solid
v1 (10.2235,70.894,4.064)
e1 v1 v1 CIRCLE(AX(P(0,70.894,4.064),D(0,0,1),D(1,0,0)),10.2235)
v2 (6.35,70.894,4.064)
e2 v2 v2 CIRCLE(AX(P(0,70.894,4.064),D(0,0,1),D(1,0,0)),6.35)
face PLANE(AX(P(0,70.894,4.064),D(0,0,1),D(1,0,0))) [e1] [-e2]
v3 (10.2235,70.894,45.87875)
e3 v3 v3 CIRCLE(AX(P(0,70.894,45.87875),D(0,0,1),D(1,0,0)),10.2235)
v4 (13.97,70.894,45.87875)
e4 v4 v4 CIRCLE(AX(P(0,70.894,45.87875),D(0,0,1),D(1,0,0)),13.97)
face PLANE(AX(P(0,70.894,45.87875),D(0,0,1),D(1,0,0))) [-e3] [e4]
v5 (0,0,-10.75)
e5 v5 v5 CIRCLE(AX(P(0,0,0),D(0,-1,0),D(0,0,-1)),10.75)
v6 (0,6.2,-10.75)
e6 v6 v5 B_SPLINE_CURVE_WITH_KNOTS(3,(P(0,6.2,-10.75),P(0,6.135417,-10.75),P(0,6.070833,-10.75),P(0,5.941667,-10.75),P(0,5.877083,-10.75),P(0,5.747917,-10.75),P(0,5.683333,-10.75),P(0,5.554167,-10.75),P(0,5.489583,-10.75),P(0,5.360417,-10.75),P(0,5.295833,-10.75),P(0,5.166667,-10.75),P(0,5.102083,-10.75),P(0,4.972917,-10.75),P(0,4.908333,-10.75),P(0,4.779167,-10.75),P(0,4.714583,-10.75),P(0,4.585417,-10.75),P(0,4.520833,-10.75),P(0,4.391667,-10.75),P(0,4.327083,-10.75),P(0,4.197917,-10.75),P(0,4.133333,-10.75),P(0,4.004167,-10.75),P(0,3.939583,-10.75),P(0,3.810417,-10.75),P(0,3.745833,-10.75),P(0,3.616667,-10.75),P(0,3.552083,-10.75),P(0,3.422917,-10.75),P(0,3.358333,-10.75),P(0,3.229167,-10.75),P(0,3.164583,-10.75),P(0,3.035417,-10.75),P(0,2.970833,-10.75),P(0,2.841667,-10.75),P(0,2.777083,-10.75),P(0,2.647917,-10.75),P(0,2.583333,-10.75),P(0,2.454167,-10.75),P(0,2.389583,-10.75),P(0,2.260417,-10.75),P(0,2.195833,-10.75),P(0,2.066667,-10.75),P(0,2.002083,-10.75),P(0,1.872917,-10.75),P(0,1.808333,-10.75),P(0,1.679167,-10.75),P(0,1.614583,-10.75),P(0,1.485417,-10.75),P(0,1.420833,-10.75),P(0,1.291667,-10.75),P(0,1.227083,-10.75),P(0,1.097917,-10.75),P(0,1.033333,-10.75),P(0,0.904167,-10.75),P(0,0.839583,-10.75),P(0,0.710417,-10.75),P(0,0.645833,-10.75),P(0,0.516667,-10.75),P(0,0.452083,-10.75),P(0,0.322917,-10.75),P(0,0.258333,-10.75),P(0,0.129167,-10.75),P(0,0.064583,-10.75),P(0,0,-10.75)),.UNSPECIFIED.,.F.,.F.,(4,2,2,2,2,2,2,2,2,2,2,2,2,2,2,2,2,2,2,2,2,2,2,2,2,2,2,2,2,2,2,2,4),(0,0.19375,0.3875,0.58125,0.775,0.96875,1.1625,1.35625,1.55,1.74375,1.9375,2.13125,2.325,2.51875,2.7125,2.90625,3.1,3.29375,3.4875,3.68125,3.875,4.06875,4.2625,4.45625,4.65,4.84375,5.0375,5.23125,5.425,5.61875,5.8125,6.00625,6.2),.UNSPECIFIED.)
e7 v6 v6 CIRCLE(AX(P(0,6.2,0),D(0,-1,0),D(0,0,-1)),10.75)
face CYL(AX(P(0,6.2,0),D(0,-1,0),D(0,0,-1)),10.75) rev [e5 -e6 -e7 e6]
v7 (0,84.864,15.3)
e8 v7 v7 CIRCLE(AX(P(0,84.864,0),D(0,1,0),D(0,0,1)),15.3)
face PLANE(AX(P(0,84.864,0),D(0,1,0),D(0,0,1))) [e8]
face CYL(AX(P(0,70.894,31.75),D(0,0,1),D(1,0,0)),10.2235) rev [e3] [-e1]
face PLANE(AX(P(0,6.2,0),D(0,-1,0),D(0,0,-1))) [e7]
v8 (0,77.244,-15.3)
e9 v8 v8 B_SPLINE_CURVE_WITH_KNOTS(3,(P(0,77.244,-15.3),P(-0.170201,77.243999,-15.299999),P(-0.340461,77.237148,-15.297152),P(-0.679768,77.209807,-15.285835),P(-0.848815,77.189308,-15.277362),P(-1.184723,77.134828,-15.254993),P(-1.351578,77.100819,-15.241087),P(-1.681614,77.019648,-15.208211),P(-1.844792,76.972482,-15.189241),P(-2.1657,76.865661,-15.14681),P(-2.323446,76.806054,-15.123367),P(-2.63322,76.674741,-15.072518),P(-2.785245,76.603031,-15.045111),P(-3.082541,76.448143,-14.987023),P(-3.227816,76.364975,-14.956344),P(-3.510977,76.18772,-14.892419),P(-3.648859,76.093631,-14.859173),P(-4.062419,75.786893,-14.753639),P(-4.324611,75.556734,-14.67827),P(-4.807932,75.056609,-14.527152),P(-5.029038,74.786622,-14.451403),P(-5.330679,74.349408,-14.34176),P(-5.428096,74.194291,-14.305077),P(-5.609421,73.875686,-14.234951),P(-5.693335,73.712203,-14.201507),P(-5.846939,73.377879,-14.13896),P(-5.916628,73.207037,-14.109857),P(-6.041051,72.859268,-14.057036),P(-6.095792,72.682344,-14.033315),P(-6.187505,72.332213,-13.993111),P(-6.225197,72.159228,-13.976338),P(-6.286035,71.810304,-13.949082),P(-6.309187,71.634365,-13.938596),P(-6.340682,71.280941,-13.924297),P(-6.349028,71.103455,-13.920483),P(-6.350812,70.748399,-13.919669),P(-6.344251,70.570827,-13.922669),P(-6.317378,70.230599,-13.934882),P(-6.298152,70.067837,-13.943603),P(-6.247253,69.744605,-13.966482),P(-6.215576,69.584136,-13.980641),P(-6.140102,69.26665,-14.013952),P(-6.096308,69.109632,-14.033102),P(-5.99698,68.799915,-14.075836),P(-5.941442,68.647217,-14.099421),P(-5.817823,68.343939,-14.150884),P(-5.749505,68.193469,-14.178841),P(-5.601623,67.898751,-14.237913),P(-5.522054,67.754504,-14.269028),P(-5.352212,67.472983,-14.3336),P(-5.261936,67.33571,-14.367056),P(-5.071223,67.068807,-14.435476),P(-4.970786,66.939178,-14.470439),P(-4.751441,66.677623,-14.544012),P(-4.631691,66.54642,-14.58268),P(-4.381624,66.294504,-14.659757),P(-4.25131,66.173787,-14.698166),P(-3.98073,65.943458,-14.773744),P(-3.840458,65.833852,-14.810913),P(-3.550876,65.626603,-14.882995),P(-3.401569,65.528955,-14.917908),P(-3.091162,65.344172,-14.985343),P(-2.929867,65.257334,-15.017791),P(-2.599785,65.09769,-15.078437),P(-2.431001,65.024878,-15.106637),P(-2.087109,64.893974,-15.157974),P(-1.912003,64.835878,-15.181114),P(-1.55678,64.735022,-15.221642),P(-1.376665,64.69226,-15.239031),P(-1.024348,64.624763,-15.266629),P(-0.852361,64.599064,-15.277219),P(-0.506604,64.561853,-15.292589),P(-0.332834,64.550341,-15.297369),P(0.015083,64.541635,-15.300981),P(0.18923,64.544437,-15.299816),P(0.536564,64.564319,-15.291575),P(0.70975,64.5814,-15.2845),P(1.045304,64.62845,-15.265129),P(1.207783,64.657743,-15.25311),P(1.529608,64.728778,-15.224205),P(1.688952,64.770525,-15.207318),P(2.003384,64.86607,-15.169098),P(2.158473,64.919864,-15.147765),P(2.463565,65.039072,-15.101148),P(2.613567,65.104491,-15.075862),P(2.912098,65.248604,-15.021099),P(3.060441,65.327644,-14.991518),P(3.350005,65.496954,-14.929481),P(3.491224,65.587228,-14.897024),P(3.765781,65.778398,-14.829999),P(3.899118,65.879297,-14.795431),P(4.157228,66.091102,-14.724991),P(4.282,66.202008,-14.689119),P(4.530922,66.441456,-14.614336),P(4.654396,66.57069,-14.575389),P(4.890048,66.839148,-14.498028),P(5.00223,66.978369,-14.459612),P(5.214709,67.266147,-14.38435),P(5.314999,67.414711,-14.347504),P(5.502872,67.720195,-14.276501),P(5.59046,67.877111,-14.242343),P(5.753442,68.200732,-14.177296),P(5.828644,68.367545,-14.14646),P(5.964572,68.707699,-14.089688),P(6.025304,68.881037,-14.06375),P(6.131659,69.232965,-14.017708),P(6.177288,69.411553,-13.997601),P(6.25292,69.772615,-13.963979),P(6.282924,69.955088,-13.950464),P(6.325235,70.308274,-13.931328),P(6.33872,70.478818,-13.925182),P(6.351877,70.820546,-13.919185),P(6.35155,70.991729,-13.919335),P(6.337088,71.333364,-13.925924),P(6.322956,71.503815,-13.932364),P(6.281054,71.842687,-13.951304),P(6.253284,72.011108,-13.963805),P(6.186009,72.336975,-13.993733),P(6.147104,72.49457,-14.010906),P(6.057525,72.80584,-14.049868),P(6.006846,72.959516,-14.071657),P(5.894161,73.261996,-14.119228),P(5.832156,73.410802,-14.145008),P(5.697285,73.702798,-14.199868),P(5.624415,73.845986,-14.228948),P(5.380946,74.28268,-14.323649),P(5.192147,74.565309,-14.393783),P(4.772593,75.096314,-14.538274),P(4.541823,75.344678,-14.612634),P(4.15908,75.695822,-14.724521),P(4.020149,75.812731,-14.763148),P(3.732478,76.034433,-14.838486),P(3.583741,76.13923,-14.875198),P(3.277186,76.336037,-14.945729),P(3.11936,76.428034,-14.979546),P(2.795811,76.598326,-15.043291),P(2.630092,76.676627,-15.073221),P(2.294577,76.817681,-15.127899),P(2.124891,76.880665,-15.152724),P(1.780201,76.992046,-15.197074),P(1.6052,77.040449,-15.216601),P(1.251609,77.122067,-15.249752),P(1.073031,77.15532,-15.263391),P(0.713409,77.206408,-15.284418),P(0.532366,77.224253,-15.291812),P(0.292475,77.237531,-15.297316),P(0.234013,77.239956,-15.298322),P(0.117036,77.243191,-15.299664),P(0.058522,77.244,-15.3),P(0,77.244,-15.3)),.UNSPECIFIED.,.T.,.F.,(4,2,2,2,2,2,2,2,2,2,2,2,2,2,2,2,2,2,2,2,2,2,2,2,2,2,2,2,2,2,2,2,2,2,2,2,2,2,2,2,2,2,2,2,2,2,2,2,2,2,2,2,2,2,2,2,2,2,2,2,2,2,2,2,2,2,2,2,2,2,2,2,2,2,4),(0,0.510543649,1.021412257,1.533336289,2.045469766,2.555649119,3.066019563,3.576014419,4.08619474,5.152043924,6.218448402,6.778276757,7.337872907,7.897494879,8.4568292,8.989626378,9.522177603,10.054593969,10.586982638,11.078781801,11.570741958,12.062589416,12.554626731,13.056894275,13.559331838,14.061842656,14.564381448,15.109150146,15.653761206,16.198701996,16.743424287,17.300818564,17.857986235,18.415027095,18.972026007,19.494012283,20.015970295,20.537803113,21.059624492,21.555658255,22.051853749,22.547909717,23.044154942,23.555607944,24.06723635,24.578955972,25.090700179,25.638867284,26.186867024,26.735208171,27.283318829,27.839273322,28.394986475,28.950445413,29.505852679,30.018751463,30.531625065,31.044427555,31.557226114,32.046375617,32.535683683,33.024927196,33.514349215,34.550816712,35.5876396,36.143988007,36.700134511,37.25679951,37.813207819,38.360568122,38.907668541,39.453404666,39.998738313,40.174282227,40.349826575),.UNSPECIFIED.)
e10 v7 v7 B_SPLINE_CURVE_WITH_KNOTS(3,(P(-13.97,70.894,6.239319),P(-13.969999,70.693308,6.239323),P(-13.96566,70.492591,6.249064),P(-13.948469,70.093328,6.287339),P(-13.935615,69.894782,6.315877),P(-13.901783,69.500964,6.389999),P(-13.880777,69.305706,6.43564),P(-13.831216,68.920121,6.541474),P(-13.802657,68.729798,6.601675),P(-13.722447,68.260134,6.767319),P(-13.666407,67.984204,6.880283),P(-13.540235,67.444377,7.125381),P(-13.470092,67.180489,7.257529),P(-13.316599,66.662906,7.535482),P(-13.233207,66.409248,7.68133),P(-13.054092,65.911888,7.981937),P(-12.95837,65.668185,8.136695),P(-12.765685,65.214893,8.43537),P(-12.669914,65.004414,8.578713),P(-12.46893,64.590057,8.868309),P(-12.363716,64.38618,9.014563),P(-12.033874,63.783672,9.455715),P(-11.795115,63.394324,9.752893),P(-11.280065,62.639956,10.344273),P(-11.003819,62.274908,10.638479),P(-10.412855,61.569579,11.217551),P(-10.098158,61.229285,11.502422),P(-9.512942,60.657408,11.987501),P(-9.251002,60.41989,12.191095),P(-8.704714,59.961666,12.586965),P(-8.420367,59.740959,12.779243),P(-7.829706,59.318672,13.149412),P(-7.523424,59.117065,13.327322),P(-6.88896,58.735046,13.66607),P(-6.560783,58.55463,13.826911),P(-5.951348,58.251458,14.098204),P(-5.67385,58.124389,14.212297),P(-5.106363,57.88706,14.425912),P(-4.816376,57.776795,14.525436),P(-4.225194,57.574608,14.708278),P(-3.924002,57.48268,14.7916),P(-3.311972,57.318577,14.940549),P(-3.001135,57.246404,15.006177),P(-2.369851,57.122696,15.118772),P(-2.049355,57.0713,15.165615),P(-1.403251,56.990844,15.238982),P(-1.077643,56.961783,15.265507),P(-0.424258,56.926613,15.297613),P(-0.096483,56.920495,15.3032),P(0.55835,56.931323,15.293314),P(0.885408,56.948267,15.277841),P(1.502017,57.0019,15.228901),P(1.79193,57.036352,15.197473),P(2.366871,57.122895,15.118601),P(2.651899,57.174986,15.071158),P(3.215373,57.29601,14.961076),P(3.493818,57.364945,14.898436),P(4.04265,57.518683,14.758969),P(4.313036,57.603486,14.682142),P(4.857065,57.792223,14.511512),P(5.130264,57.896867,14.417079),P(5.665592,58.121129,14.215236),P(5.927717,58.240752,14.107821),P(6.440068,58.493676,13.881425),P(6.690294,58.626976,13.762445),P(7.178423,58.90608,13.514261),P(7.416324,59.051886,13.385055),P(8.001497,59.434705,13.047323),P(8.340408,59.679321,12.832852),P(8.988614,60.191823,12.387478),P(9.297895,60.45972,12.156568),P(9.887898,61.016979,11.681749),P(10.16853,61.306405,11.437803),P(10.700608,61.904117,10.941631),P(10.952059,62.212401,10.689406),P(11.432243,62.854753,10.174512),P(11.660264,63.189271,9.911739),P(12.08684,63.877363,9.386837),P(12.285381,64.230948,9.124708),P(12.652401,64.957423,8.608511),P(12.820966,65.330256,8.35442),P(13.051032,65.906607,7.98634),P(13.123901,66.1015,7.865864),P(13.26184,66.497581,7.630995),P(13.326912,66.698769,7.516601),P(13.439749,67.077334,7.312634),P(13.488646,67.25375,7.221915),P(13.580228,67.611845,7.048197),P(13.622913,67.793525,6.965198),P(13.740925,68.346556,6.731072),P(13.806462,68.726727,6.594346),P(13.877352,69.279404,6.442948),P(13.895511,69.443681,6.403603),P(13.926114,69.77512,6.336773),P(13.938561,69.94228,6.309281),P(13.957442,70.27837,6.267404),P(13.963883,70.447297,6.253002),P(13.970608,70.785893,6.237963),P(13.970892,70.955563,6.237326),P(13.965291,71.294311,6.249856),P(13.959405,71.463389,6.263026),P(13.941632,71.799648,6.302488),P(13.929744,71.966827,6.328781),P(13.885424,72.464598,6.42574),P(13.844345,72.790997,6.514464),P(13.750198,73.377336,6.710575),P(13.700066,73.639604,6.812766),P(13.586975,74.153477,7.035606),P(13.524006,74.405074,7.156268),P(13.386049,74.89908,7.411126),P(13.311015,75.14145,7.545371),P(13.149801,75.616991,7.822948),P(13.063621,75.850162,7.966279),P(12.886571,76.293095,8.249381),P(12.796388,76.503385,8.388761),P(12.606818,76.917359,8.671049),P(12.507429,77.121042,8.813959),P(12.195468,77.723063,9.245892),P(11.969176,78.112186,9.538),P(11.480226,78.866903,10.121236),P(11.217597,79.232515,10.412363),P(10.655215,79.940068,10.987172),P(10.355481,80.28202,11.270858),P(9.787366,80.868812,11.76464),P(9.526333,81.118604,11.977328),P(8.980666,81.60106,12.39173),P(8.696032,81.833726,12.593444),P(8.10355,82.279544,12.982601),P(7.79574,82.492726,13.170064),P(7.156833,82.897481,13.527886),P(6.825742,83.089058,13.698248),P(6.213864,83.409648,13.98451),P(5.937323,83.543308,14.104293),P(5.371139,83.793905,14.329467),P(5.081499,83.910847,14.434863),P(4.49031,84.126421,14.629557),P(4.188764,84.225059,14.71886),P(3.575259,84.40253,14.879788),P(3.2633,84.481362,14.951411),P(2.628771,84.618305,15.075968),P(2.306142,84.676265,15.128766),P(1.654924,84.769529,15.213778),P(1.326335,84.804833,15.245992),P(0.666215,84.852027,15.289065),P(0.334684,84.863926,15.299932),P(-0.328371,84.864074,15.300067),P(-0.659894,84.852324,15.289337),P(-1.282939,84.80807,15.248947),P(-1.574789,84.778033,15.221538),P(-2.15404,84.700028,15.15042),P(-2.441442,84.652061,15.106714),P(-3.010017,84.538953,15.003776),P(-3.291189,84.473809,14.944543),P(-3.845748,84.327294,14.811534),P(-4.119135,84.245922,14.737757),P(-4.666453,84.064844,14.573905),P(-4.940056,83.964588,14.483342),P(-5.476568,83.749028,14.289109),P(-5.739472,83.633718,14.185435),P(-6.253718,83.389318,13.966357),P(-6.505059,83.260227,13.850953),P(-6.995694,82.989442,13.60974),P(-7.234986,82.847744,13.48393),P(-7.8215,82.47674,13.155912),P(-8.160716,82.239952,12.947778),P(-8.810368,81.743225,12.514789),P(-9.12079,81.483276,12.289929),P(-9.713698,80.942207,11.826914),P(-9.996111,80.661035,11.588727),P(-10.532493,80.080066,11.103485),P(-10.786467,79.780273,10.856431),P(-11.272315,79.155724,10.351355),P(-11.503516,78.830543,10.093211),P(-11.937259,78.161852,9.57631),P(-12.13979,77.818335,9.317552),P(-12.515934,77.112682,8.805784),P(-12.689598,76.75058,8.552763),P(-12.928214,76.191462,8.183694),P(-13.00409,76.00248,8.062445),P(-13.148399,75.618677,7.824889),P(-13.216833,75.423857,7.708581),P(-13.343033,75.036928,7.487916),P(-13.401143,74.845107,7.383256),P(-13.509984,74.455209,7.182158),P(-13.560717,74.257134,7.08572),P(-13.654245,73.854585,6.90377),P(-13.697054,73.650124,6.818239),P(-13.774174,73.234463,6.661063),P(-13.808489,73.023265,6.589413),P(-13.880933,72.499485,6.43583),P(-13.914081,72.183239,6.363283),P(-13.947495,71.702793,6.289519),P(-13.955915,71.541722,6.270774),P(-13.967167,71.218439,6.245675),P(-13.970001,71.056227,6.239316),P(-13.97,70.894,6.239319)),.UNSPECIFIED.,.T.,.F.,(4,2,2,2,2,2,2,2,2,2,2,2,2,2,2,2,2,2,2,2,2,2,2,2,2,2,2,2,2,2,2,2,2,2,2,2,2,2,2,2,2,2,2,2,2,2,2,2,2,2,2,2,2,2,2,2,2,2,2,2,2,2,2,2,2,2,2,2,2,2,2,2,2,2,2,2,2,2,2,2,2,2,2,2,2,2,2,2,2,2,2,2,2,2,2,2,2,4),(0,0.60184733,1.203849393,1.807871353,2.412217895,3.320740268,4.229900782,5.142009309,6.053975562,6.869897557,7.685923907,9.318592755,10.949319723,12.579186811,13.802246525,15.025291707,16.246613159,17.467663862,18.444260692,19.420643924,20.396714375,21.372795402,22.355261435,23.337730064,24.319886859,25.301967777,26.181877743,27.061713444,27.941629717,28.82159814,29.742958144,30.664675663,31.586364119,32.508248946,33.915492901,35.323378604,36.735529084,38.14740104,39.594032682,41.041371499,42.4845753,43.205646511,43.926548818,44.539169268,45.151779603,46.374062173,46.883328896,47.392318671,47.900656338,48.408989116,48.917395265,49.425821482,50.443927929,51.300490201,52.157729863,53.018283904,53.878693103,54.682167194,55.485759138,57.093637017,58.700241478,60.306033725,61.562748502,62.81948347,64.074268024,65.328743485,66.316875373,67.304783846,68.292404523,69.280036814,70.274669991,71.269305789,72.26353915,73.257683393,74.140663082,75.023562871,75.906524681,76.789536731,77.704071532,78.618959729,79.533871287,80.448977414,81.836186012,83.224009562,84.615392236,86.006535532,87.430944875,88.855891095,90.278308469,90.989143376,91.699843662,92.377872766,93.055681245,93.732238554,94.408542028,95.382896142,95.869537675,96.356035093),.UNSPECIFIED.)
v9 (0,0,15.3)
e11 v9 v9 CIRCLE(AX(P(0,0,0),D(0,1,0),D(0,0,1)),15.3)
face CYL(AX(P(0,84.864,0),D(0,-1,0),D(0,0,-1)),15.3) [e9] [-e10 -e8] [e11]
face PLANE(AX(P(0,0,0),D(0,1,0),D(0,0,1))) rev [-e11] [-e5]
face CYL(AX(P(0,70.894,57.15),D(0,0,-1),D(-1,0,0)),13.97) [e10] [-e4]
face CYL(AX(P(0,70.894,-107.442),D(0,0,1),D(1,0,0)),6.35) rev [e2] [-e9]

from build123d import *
from build123d.topology import SkipClean

# Parameters (mm, degrees)
SKETCH1_R           = 15.3
BOSS_EXTRUDE1_DEPTH = 84.864
SKETCH2_R           = 13.97
BOSS_EXTRUDE2_DEPTH = 57.15
BOSS_EXTRUDE3_DEPTH = 2.54
SKETCH4_R           = 10.2235
CUT_EXTRUDE1_DEPTH  = 5.08
SKETCH5_R           = 14.2621
SKETCH5_R_2         = 10.2235
BOSS_EXTRUDE4_DEPTH = 19.05
SKETCH6_R           = 10.75
CUT_EXTRUDE2_DEPTH  = 6.2
SKETCH8_R           = 14.2621
CUT_EXTRUDE5_DEPTH  = 10.16
SKETCH10_R          = 13.97
BOSS_EXTRUDE5_DEPTH = 24.13
SKETCH11_R          = 10.2235
CUT_EXTRUDE7_DEPTH  = 41.91
SKETCH13_R          = 14.2621
SKETCH13_R_2        = 10.2235
CUT_EXTRUDE9_DEPTH  = 41.91
SKETCH16_R          = 13.97
SKETCH16_R_2        = 10.2235
CUT_EXTRUDE10_DEPTH = 27.78125
SKETCH17_R          = 10.2235
CUT_EXTRUDE11_DEPTH = 27.686
SKETCH18_R          = 6.35
CUT_EXTRUDE12_DEPTH = 111.506


with BuildPart() as part:
    # Sketch1 → Boss-Extrude1 (new body)
    with BuildSketch(Plane(origin=(0, 0, 0), x_dir=(1, 0, 0), z_dir=(0, 1, 0))):
        with Locations(Location((0, 0, 0), (0, 0, 270))):
            Circle(SKETCH1_R)
    extrude(amount=BOSS_EXTRUDE1_DEPTH)

    # Sketch2 → Boss-Extrude2 (add)
    with BuildSketch(Plane.XY):
        with Locations(Location((0, 70.894, 0), (0, 0, 269.999999993))):
            Circle(SKETCH2_R)
    extrude(amount=BOSS_EXTRUDE2_DEPTH)

    # Sketch3 → Boss-Extrude3 (add, symmetric)
    with BuildSketch(Plane.XY.offset(57.15)):
        with BuildLine():
            Line((16.764, 70.894), (16.764, 40.838899717))
            ThreePointArc((16.764, 40.838899717), (0, 24.074899717), (-16.764, 40.838899717))
            Line((-16.764, 40.838899717), (-16.764, 70.894))
            ThreePointArc((-16.764, 70.894), (0, 87.658), (16.764, 70.894))
        make_face()
    extrude(amount=BOSS_EXTRUDE3_DEPTH, both=True)

    # Sketch4 → Cut-Extrude1 (cut)
    with BuildSketch(Plane.XY.offset(59.69)):
        with Locations((0, 40.838899717)):
            Circle(SKETCH4_R)
    extrude(amount=-CUT_EXTRUDE1_DEPTH, mode=Mode.SUBTRACT)

    # Sketch5 → Boss-Extrude4 (add, symmetric)
    with SkipClean():  # the faces are left unmerged after this step: merging them gives an invalid solid
        with BuildSketch(Plane(origin=(0, 0, 54.61), x_dir=(-1, 0, 0), z_dir=(0, 0, -1))):
            with Locations(Location((0, 40.838899717, 0), (0, 0, 180))):
                Circle(SKETCH5_R)
            with Locations((0, 40.838899717)):
                Circle(SKETCH5_R_2, mode=Mode.SUBTRACT)
        extrude(amount=BOSS_EXTRUDE4_DEPTH, both=True)

    # Sketch6 → Cut-Extrude2 (cut)
    with SkipClean():  # the faces are left unmerged after this step: merging them gives an invalid solid
        with BuildSketch(Plane.XZ):
            with Locations(Location((0, 0, 0), (0, 0, 270))):
                Circle(SKETCH6_R)
        extrude(amount=-CUT_EXTRUDE2_DEPTH, mode=Mode.SUBTRACT)

    # Sketch8 → Cut-Extrude5 (cut)
    with SkipClean():  # the faces are left unmerged after this step: merging them gives an invalid solid
        with BuildSketch(Plane.XY.offset(59.69)):
            with BuildLine():
                Line((-16.764, 70.894), (-16.764, 40.838899717))
                ThreePointArc((-16.764, 40.838899717), (0, 24.074899717), (16.764, 40.838899717))
                Line((16.764, 40.838899717), (16.764, 70.894))
                ThreePointArc((16.764, 70.894), (0, 87.658), (-16.764, 70.894))
            make_face()
            with Locations((0, 40.838899717)):
                Circle(SKETCH8_R, mode=Mode.SUBTRACT)
        extrude(amount=-CUT_EXTRUDE5_DEPTH, mode=Mode.SUBTRACT)


with BuildPart() as cut_extrude5_piece_1:
    # of the separate pieces the step leaves, piece 1, a body of its own (cut_extrude5_pieces)
    add(part.part.solids().sort_by_distance((0, 0, 15.3))[0])

    # Sketch10 → Boss-Extrude5 (add)
    with BuildSketch(Plane.XY.offset(49.53)):
        with Locations(Location((0, 70.894, 0), (0, 0, 90))):
            Circle(SKETCH10_R)
    extrude(amount=BOSS_EXTRUDE5_DEPTH)

    # Sketch11 → Cut-Extrude7 (cut)
    with BuildSketch(Plane.XY.offset(73.66)):
        with Locations((0, 70.894)):
            Circle(SKETCH11_R)
    extrude(amount=-CUT_EXTRUDE7_DEPTH, mode=Mode.SUBTRACT)

    # Sketch16 → Cut-Extrude10 (cut)
    with BuildSketch(Plane.XY.offset(73.66)):
        with Locations(Location((0, 70.894, 0), (0, 0, 90))):
            Circle(SKETCH16_R)
        with Locations((0, 70.894)):
            Circle(SKETCH16_R_2, mode=Mode.SUBTRACT)
    extrude(amount=-CUT_EXTRUDE10_DEPTH, mode=Mode.SUBTRACT)

    # Sketch17 → Cut-Extrude11 (cut)
    with BuildSketch(Plane.XY.offset(31.75)):
        with Locations((0, 70.894)):
            Circle(SKETCH17_R)
    extrude(amount=-CUT_EXTRUDE11_DEPTH, mode=Mode.SUBTRACT)

    # Sketch18 → Cut-Extrude12 (cut)
    with BuildSketch(Plane.XY.offset(4.064)):
        with Locations((0, 70.894)):
            Circle(SKETCH18_R)
    extrude(amount=-CUT_EXTRUDE12_DEPTH, mode=Mode.SUBTRACT)


with BuildPart() as cut_extrude5_piece_2:
    # of the separate pieces the step leaves, piece 2, a body of its own (cut_extrude5_pieces)
    add(part.part.solids().sort_by_distance((14.2621, 40.838899717, 54.61))[0])

    # Sketch13 → Cut-Extrude9 (cut)
    with BuildSketch(Plane.XY.offset(73.66)):
        with Locations((0, 40.838899717)):
            Circle(SKETCH13_R)
        with Locations((0, 40.838899717)):
            Circle(SKETCH13_R_2, mode=Mode.SUBTRACT)
    extrude(amount=-CUT_EXTRUDE9_DEPTH, mode=Mode.SUBTRACT)


solid = cut_extrude5_piece_1.part
